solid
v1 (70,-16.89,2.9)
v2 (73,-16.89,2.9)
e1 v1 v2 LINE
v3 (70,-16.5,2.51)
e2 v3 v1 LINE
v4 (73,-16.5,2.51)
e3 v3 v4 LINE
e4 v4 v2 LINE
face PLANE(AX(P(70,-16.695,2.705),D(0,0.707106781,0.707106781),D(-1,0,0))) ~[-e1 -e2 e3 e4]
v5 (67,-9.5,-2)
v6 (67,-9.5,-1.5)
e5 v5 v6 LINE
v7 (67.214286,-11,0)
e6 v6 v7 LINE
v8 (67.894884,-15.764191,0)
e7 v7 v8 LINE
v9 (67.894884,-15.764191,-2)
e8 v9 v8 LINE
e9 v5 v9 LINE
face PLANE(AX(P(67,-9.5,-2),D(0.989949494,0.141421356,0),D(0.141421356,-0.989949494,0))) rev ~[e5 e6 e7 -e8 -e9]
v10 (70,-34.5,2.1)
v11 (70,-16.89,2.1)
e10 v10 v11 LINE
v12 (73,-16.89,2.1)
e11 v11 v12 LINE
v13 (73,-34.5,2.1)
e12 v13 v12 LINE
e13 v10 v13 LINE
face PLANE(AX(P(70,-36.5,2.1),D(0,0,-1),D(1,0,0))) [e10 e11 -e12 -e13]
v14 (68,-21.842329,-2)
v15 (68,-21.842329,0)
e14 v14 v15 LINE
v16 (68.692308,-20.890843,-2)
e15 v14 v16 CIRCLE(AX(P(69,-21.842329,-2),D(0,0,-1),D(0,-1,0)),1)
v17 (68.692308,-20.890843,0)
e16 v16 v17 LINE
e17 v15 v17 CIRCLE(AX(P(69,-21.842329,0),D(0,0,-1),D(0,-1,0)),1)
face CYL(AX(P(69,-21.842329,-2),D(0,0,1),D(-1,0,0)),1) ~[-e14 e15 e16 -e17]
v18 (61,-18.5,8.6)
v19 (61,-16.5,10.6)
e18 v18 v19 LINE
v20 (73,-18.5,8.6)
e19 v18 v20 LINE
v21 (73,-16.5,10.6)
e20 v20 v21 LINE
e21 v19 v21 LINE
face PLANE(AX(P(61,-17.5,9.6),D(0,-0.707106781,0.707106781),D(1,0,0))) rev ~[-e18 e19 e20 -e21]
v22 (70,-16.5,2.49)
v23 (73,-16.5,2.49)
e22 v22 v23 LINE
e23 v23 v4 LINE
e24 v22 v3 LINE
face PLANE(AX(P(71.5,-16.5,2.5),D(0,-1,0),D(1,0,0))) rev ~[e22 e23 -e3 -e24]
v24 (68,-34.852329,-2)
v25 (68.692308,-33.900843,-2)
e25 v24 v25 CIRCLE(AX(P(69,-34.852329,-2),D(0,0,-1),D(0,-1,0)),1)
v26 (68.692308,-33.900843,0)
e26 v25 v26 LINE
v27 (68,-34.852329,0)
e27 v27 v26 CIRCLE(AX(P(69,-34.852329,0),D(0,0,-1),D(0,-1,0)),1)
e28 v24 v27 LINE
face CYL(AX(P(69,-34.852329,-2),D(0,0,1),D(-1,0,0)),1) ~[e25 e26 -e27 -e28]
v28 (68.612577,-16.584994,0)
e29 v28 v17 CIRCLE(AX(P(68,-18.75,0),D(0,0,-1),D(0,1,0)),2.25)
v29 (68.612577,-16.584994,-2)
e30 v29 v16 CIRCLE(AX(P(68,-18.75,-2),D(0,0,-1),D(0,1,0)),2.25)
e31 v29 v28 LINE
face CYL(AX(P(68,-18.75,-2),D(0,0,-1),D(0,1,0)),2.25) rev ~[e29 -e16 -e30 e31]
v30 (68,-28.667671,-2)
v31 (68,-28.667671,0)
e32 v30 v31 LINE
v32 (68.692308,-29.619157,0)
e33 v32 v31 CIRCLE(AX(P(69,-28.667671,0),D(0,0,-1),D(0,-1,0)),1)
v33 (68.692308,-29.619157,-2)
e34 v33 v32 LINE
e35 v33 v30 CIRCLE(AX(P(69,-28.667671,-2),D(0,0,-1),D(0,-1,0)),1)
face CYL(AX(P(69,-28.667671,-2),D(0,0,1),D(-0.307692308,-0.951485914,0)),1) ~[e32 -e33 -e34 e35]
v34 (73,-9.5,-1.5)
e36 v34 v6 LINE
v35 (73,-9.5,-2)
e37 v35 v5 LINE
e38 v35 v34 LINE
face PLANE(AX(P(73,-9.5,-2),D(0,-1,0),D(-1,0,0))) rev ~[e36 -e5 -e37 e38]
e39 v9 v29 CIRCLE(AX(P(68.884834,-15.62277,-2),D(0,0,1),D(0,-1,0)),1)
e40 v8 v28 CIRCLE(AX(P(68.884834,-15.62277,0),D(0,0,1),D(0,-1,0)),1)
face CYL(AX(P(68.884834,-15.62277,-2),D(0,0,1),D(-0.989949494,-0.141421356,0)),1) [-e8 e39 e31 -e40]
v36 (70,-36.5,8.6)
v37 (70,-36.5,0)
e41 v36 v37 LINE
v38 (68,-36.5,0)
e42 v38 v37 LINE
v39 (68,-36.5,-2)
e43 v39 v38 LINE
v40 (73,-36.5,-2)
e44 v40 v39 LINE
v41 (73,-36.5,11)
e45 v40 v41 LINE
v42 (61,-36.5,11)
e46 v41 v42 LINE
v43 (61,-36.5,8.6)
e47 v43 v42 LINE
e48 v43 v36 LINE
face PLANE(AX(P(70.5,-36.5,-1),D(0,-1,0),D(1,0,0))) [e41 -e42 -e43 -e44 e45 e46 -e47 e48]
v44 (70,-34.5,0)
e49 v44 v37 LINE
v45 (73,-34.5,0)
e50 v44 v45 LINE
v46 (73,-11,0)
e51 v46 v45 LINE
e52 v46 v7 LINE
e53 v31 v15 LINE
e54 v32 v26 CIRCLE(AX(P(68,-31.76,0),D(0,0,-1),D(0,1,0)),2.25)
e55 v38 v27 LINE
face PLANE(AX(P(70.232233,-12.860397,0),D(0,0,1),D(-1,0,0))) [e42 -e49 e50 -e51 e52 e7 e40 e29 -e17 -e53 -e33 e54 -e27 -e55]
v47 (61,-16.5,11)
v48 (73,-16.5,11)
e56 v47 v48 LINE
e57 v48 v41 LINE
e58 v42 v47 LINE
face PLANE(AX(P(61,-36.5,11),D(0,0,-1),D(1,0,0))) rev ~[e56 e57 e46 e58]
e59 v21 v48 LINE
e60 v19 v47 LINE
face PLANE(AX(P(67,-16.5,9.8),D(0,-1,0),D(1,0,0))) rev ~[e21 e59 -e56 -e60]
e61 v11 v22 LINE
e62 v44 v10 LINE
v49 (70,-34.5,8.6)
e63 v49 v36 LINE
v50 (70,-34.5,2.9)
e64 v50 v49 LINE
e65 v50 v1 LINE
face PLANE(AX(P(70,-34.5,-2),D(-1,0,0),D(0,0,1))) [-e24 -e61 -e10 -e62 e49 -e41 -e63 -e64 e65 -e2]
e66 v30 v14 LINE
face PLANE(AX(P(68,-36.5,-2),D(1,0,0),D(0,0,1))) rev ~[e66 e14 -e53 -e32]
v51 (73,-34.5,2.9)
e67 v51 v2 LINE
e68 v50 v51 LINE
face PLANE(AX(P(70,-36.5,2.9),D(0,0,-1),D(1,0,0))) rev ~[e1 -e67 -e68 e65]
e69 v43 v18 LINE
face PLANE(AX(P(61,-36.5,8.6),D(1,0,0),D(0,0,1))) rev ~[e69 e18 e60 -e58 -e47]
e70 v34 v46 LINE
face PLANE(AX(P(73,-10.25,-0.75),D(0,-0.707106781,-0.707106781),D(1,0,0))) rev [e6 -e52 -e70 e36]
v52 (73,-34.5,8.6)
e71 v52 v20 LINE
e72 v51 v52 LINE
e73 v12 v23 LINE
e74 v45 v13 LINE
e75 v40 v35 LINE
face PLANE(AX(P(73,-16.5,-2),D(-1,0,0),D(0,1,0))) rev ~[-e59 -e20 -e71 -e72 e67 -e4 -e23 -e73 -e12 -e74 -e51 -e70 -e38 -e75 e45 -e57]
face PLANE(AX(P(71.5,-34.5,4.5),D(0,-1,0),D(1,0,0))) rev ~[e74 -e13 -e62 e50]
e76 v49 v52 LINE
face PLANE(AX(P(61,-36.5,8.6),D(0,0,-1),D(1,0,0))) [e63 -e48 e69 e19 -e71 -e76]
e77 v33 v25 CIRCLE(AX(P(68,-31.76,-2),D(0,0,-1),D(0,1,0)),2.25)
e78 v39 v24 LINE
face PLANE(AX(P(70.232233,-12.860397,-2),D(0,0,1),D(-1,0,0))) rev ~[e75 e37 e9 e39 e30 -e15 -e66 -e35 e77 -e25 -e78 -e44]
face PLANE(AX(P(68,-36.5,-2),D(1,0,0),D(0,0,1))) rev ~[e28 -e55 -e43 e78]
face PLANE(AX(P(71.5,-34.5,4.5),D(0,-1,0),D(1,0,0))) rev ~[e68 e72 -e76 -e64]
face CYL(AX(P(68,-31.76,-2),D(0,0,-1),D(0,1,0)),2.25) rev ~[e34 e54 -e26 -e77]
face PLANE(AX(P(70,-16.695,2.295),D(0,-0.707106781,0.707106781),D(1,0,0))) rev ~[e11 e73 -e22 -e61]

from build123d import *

# Parameters (mm, degrees)
SKETCH029_W     = 3
SKETCH029_H     = 13
PAD015_DEPTH    = 2
SKETCH030_W     = 5
SKETCH030_H     = 2
SKETCH030_W_2   = 3
SKETCH030_H_2   = 0.8
SKETCH030_W_3   = 12
SKETCH030_H_3   = 2.4
PAD016_DEPTH    = 20
PAD021_DEPTH    = 2
POCKET015_DEPTH = 3
FILLET002_R     = 1
CHAMFER_SIZE    = 2
CHAMFER001_SIZE = 1.5
CHAMFER002_SIZE = 0.39


with BuildPart() as part:
    # Sketch029 → Pad015 (new body)
    with BuildSketch(Plane.XZ):
        with Locations((0.5, 4.5)):
            Rectangle(SKETCH029_W, SKETCH029_H)
    extrude(amount=PAD015_DEPTH)

    # Sketch030 (on Face6 of Pad015) → Pad016 (join)
    with BuildSketch(Plane.XZ.offset(2)):
        with Locations((-0.5, -1)):
            Rectangle(SKETCH030_W, SKETCH030_H)
        with Locations((0.5, 2.5)):
            Rectangle(SKETCH030_W_2, SKETCH030_H_2)
        with Locations((-4, 9.8)):
            Rectangle(SKETCH030_W_3, SKETCH030_H_3)
    extrude(amount=-PAD016_DEPTH)

    # Sketch036 (on Face34 of Pad016) → Pad021 (join)
    with BuildSketch(Plane(origin=(0, 0, -2), x_dir=(1, 0, 0), z_dir=(0, 0, -1))):
        Polygon((2, -18), (2, -25), (-4, -25), (-3, -18), align=None)
    extrude(amount=-PAD021_DEPTH)

    # Sketch037 (on Face35 of Pad021) → Pocket015 (cut)
    with BuildSketch(Plane(origin=(0, 0, -2), x_dir=(1, 0, 0), z_dir=(0, 0, -1))):
        with BuildLine():
            ThreePointArc((-3, -4.99), (-0.75, -2.74), (-3, -0.49))
            Line((-3, -4.99), (-3, -0.49))
        make_face()
        with BuildLine():
            ThreePointArc((-3, -18), (-0.75, -15.75), (-3, -13.5))
            Line((-3, -18), (-3, -13.5))
        make_face()
    extrude(amount=-POCKET015_DEPTH, mode=Mode.SUBTRACT)

    # Fillet002
    fillet002_edges = [part.edges().sort_by_distance(p)[0] for p in [
        (-3, 4.99, -1),
        (-3, 13.5, -1),
        (-3, 0.49, -1),
        (-3, 18, -1),
    ]]
    fillet(fillet002_edges, radius=FILLET002_R)

    # Chamfer
    chamfer_edges = [part.edges().sort_by_distance(p)[0] for p in [
        (-4, 18, 8.6),
    ]]
    chamfer(chamfer_edges, length=CHAMFER_SIZE)

    # Chamfer001
    chamfer001_edges = [part.edges().sort_by_distance(p)[0] for p in [
        (-1, 25, 0),
    ]]
    chamfer(chamfer001_edges, length=CHAMFER001_SIZE)

    # Chamfer002
    chamfer002_edges = [part.edges().sort_by_distance(p)[0] for p in [
        (0.5, 18, 2.1),
        (0.5, 18, 2.9),
    ]]
    chamfer(chamfer002_edges, length=CHAMFER002_SIZE)


with BuildPart() as part_1:
    # Body002 placement: moved
    add(part.part.moved(Location((71, -34.5, 0))))


solid = part_1.part
